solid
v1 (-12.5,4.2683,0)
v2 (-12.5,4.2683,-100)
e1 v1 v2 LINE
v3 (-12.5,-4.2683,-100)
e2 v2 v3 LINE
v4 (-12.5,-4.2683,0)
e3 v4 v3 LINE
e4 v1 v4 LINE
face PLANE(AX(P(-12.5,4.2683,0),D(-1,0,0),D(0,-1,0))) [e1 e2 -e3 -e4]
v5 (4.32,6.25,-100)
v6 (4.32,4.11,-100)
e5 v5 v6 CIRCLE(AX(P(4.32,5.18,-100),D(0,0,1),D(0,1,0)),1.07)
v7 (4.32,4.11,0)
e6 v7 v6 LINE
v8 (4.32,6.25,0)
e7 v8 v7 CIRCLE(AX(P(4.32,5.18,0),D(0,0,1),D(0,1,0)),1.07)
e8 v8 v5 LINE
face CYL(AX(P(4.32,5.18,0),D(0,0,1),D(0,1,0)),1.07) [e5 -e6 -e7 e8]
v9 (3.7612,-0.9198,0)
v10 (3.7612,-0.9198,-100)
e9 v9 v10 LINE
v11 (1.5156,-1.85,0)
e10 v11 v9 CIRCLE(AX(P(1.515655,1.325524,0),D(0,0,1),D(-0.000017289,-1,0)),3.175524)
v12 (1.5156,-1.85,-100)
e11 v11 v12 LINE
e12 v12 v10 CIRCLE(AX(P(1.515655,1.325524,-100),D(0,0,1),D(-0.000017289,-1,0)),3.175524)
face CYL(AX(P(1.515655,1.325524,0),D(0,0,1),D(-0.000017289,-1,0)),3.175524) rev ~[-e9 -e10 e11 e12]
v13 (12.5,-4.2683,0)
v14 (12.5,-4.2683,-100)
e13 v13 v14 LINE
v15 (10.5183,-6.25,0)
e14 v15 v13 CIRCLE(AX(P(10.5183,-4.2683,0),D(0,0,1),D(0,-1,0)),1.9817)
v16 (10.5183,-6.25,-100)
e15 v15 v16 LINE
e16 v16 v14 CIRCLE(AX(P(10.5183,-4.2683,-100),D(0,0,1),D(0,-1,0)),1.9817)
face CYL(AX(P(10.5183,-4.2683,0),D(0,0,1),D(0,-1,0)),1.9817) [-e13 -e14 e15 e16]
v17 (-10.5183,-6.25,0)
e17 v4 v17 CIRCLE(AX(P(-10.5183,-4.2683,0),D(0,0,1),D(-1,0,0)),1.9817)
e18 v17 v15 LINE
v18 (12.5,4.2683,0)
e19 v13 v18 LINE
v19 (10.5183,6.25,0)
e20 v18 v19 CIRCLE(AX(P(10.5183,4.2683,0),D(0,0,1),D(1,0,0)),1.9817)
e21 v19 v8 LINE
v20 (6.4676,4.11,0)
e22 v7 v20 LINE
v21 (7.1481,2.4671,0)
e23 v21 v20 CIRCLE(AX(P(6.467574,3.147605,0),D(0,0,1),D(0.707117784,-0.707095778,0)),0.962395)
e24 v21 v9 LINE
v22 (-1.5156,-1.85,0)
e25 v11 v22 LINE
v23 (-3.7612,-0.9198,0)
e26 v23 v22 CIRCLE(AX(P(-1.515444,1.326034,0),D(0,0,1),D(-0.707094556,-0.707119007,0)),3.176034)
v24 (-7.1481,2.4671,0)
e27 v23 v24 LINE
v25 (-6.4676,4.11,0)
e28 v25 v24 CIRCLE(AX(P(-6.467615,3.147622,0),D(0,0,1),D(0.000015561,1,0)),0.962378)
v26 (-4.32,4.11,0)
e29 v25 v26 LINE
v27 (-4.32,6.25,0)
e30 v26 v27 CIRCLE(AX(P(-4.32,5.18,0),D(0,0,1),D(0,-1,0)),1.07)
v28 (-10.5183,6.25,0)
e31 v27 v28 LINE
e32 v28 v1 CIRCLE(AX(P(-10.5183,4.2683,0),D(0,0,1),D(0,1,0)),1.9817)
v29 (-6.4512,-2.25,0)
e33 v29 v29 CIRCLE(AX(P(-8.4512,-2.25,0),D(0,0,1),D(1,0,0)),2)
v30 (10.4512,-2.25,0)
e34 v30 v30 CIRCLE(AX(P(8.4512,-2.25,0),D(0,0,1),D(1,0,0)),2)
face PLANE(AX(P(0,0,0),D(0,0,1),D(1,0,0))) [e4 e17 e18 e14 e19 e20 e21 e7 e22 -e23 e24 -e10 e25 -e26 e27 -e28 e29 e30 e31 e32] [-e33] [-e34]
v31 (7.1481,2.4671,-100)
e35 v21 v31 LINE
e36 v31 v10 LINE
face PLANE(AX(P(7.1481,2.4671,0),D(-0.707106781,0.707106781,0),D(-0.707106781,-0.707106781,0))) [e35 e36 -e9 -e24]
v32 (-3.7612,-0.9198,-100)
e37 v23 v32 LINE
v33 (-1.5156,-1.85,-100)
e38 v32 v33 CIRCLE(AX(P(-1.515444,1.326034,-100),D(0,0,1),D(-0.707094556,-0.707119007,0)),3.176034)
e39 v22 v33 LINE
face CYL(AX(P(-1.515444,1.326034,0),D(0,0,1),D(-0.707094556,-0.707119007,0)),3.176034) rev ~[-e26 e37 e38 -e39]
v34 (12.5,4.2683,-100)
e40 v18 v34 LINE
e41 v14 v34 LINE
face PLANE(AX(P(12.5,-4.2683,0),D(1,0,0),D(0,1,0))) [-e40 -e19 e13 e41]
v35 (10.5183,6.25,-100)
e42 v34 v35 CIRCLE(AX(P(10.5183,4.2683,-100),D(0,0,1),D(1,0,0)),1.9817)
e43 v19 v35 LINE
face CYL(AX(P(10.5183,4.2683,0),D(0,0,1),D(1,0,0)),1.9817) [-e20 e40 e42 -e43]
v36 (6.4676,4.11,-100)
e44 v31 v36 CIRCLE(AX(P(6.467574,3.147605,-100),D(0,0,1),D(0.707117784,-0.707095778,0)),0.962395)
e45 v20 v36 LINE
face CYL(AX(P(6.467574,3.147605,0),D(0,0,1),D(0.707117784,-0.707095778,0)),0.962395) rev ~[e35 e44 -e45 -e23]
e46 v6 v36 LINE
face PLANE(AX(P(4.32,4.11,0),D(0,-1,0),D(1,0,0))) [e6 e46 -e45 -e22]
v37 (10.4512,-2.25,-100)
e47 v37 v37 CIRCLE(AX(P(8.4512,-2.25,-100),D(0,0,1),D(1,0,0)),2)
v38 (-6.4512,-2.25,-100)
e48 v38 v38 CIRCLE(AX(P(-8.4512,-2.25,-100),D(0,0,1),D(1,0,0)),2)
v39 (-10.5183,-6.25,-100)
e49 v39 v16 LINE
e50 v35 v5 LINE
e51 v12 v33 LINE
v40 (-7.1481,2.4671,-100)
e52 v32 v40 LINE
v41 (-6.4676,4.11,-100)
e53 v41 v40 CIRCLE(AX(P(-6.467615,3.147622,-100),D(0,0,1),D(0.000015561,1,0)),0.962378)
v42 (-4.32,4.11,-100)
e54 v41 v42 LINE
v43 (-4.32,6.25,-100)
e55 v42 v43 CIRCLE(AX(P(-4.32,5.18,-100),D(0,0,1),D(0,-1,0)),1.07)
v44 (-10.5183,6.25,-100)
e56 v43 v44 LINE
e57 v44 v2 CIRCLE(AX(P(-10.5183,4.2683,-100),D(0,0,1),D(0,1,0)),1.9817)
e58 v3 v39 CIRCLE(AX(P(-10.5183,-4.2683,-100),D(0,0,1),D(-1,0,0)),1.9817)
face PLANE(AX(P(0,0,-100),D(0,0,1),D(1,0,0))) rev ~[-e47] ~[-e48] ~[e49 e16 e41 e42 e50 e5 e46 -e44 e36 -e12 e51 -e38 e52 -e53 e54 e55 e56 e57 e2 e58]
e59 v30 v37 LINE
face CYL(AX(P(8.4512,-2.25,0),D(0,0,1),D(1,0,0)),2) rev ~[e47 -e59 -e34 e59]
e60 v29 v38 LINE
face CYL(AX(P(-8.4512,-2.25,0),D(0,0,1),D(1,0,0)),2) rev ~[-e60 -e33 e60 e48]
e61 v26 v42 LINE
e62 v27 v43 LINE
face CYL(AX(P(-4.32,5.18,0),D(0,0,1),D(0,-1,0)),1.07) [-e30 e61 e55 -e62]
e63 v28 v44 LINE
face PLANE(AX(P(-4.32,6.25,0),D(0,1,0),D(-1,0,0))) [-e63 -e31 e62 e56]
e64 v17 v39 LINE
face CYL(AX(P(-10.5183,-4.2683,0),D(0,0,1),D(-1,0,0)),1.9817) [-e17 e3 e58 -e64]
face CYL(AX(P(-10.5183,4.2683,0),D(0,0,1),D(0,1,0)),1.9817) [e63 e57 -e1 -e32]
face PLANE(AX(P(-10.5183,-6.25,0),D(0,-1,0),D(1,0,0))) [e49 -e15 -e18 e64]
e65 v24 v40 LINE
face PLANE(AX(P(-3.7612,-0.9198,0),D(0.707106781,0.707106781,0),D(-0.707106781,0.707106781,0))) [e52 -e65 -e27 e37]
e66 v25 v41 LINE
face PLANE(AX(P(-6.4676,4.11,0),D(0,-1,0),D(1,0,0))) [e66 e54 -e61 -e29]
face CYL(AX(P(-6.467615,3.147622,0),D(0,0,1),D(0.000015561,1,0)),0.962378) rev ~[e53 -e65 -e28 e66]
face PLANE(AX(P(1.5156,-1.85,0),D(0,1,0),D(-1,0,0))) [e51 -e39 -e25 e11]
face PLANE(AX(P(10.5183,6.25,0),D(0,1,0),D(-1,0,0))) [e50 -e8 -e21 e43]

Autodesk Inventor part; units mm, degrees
ref_plane "YZ Plane" through (0, 0, 0) normal (1, 0, 0) x (0, 1, 0)
ref_plane "XZ Plane" through (0, 0, 0) normal (0, 1, 0) x (-1, 0, 0)
ref_plane "XY Plane" through (0, 0, 0) normal (0, 0, 1) x (1, 0, 0)
sketch "Sketch1" plane through (0, 0, 0) normal (0, 0, 1) x (1, 0, 0)
  circle A0 centre (-8.4512, -2.25) radius 2
  circle A1 centre (8.4512, -2.25) radius 2
  arc A2 (-10.5183, 6.25) -> (-12.5, 4.2683) centre (-10.5183, 4.2683) ccw
  line L0 (-12.5, 4.2683) -> (-12.5, -4.2683)
  arc A3 (-12.5, -4.2683) -> (-10.5183, -6.25) centre (-10.5183, -4.2683) ccw
  line L1 (-10.5183, -6.25) -> (10.5183, -6.25)
  arc A4 (10.5183, -6.25) -> (12.5, -4.2683) centre (10.5183, -4.2683) ccw
  line L2 (12.5, -4.2683) -> (12.5, 4.2683)
  arc A5 (12.5, 4.2683) -> (10.5183, 6.25) centre (10.5183, 4.2683) ccw
  line L3 (10.5183, 6.25) -> (4.32, 6.25)
  arc A6 (4.32, 6.25) -> (4.32, 4.11) centre (4.32, 5.18) ccw
  line L4 (4.32, 4.11) -> (6.4676, 4.11)
  arc A7 (7.1481, 2.4671) -> (6.4676, 4.11) centre (6.4676, 3.1476) ccw
  line L5 (7.1481, 2.4671) -> (3.7612, -0.9198)
  arc A8 (1.5156, -1.85) -> (3.7612, -0.9198) centre (1.5156, 1.3258) ccw
  line L6 (1.5156, -1.85) -> (-1.5156, -1.85)
  arc A9 (-3.7612, -0.9198) -> (-1.5156, -1.85) centre (-1.5156, 1.3258) ccw
  line L7 (-3.7612, -0.9198) -> (-7.1481, 2.4671)
  arc A10 (-6.4676, 4.11) -> (-7.1481, 2.4671) centre (-6.4676, 3.1476) ccw
  line L8 (-6.4676, 4.11) -> (-4.32, 4.11)
  arc A11 (-4.32, 4.11) -> (-4.32, 6.25) centre (-4.32, 5.18) ccw
  line L9 (-4.32, 6.25) -> (-10.5183, 6.25)
  point P0 (0, 0)
extrude "Extrusion1" add sketch "Sketch1" against normal blind 100
properties part number "25-2514"
